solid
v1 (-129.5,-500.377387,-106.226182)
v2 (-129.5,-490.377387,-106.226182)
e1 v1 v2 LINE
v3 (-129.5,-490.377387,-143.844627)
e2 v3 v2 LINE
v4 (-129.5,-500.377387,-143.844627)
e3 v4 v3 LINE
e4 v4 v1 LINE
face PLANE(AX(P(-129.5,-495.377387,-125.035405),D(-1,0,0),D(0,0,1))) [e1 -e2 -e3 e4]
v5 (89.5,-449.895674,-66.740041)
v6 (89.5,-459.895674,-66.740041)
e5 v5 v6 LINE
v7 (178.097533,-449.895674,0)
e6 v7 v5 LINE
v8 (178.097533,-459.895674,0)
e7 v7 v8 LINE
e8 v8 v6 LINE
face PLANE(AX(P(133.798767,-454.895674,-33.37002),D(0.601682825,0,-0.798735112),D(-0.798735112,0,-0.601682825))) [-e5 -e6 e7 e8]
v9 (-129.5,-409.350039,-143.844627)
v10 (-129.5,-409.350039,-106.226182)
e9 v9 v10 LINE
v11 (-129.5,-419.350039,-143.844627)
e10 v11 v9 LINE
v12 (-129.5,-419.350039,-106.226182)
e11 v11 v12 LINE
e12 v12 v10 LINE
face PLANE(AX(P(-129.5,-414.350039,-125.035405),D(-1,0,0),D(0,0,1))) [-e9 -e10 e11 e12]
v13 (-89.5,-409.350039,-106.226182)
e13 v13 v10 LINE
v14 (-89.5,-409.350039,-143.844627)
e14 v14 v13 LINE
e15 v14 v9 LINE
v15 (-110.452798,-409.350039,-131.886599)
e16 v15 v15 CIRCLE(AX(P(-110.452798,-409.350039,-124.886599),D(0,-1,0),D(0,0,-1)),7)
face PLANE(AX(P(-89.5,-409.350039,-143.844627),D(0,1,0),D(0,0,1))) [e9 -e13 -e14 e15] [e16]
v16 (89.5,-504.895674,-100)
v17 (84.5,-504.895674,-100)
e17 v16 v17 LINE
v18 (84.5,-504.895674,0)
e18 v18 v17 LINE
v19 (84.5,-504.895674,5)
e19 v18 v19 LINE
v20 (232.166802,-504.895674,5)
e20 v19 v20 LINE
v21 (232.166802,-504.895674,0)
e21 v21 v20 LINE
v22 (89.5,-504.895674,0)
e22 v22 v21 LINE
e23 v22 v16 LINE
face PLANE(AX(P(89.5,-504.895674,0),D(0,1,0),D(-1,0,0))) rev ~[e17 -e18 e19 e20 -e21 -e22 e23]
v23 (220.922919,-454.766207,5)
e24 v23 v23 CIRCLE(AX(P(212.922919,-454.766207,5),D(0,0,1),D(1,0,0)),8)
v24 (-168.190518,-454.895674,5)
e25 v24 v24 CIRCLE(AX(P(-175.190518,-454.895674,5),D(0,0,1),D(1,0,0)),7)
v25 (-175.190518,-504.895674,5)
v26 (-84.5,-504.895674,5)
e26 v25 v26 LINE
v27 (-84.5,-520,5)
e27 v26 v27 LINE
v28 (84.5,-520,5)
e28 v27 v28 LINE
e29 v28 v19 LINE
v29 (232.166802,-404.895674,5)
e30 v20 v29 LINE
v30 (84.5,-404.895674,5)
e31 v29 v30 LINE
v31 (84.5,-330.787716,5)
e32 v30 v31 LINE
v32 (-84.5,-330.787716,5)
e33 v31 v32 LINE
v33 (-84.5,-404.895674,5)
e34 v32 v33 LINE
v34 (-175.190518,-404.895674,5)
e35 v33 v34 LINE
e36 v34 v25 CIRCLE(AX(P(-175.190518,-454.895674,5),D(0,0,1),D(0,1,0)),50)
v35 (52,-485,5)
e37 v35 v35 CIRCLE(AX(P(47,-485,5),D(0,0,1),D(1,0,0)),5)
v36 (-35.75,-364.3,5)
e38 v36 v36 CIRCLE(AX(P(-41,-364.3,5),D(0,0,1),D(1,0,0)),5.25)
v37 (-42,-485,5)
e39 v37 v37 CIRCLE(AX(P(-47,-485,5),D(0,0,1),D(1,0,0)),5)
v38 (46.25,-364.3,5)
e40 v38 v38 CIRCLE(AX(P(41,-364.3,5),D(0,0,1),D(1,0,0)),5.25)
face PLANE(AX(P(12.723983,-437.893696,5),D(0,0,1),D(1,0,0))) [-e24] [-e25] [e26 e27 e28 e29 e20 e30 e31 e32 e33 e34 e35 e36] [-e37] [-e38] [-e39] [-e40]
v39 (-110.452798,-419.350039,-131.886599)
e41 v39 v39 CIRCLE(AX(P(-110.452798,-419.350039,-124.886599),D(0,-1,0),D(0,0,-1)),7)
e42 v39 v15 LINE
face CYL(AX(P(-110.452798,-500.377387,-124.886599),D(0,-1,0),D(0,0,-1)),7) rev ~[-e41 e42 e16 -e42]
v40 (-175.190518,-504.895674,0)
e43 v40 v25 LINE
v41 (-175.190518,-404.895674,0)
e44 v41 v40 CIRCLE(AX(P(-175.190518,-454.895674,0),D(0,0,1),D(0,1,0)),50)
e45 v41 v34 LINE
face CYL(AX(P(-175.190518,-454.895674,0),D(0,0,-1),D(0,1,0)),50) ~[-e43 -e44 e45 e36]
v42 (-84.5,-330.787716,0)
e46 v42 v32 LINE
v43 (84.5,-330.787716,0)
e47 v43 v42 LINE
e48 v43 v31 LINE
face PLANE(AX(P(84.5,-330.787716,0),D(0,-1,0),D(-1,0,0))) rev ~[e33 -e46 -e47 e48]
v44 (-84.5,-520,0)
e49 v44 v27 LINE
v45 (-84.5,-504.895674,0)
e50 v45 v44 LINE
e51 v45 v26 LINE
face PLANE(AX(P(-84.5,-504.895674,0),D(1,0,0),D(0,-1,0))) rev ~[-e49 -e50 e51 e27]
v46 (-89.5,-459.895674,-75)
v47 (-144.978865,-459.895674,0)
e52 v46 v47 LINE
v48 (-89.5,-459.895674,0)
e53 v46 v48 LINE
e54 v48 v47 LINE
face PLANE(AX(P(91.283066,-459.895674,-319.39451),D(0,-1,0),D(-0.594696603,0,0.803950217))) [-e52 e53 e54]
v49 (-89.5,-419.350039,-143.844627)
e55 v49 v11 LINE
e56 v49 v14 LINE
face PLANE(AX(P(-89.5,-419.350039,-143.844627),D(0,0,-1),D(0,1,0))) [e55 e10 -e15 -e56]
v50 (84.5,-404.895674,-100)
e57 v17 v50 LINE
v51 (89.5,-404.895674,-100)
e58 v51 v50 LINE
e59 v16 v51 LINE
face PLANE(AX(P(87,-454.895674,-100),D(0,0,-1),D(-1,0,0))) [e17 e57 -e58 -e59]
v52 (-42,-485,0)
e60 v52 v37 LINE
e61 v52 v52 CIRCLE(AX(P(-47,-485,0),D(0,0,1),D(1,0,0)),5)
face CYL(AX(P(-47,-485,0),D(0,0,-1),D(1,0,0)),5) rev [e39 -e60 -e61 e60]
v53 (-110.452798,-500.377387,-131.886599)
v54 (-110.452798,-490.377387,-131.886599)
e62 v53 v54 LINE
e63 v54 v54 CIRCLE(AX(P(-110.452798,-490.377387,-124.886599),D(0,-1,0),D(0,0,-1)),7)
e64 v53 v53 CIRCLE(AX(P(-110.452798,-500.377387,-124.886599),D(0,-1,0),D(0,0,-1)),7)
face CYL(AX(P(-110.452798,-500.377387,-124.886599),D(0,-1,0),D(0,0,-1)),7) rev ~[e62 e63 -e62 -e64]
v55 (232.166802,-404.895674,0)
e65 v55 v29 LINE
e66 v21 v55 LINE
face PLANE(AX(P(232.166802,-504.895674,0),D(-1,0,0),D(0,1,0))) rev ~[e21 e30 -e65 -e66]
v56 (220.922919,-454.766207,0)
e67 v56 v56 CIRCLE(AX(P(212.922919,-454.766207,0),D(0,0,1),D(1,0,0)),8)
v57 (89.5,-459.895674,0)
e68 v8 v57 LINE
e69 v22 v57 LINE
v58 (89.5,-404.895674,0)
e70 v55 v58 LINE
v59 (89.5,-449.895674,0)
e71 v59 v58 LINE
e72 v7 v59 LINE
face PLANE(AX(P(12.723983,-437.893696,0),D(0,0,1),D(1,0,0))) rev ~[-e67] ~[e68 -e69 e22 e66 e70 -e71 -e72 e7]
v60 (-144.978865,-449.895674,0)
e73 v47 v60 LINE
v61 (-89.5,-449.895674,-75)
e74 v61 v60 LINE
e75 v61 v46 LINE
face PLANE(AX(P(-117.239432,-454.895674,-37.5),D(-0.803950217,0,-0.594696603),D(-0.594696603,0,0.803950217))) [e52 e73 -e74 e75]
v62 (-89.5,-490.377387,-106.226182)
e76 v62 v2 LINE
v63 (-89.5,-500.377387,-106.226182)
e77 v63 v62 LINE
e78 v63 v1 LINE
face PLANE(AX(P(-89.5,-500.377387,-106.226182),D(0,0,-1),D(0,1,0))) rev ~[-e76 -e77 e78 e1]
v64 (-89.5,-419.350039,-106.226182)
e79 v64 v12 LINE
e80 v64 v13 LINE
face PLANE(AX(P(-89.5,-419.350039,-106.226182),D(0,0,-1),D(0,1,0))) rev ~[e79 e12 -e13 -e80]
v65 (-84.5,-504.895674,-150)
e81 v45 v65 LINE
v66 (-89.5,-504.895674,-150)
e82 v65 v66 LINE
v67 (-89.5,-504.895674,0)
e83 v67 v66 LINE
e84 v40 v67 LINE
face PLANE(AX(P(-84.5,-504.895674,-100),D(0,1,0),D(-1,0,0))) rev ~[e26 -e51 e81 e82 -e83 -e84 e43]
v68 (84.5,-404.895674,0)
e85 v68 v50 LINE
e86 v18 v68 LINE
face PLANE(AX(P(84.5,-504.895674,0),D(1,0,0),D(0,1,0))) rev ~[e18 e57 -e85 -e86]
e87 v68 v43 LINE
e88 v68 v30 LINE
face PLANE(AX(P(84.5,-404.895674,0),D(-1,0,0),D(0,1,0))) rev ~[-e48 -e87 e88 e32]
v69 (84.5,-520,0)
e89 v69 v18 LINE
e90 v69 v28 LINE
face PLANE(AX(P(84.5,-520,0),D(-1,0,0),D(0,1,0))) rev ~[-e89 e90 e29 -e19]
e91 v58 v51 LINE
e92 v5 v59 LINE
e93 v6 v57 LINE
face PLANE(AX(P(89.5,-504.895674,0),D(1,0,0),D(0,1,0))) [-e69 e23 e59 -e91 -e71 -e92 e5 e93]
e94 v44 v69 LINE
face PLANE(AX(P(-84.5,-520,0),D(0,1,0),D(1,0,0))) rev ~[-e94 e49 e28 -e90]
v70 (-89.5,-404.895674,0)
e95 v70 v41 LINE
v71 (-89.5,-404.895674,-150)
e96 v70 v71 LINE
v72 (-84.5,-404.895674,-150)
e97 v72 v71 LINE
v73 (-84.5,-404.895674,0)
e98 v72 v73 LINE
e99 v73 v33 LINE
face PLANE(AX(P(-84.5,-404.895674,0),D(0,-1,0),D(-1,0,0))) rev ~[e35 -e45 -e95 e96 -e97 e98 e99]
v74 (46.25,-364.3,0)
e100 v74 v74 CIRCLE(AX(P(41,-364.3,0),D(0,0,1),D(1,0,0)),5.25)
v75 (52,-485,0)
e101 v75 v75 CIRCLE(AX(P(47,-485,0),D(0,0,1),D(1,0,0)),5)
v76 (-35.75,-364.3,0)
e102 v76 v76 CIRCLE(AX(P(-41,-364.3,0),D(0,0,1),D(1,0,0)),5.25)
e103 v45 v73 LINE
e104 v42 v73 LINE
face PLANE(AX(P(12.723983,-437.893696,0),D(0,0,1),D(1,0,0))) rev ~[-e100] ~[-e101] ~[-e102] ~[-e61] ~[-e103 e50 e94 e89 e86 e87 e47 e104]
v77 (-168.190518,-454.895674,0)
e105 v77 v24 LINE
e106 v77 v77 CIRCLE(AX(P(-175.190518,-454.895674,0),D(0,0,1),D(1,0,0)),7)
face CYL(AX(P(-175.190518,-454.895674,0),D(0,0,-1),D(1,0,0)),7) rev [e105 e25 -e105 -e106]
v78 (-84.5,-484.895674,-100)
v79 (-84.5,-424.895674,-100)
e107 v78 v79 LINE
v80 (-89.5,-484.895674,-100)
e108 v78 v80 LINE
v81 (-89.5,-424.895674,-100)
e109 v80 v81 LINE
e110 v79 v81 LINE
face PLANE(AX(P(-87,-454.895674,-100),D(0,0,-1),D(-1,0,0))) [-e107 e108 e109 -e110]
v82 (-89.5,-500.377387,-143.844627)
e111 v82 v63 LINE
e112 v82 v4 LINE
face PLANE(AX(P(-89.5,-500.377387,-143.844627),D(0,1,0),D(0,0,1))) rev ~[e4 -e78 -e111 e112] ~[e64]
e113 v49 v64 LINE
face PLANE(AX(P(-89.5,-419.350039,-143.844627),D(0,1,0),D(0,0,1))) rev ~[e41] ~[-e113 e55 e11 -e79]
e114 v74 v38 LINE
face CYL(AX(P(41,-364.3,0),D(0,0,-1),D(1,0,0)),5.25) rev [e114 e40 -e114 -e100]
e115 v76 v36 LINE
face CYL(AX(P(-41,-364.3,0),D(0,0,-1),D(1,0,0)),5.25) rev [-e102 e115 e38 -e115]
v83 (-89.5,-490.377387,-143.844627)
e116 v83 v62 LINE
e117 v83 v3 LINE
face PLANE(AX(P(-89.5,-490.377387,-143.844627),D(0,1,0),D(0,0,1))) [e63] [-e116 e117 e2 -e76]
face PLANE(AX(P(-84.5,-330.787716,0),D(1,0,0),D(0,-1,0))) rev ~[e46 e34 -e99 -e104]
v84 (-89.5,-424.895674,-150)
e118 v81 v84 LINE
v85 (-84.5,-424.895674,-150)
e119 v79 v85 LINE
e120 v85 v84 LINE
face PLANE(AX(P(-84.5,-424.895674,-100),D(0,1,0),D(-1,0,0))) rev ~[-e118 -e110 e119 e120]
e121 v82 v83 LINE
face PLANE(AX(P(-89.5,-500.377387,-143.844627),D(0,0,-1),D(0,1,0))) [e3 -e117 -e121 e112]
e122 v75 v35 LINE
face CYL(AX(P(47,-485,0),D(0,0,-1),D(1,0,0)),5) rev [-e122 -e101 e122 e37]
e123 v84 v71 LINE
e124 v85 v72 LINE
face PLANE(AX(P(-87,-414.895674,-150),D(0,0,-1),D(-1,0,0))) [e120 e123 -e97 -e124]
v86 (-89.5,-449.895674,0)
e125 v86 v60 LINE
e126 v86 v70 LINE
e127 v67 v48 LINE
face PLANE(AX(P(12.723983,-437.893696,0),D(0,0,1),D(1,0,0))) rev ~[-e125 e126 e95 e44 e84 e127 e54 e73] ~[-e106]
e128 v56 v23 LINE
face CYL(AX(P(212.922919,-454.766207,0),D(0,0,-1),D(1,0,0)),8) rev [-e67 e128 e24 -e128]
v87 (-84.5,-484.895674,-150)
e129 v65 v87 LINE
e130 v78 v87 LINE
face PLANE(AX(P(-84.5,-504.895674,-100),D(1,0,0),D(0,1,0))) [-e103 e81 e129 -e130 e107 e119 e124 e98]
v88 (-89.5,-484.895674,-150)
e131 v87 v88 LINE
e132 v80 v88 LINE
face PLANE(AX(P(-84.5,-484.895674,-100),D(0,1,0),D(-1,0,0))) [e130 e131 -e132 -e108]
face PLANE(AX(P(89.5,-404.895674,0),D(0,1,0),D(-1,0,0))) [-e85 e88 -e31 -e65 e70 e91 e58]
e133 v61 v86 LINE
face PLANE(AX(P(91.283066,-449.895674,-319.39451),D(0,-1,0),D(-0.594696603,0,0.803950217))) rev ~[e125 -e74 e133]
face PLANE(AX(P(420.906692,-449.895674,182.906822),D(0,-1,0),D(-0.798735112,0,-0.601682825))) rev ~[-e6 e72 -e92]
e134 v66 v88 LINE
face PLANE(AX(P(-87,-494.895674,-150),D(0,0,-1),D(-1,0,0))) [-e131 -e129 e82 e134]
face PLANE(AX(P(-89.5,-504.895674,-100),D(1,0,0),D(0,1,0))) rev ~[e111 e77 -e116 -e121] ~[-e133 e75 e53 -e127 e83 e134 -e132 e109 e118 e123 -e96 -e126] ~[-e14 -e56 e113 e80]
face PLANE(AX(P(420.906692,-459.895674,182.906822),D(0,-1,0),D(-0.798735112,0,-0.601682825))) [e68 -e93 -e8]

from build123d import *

# Parameters (mm, degrees)
CROQUIS1_R              = 7
CROQUIS1_R_2            = 5.25
CROQUIS1_R_3            = 5
CROQUIS1_R_4            = 8
SALIENTE_EXTRUIR1_DEPTH = 5
CROQUIS2_W              = 5
CROQUIS2_H              = 100
SALIENTE_EXTRUIR2_DEPTH = 100
CROQUIS3_W              = 5
CROQUIS3_H              = 20
SALIENTE_EXTRUIR3_DEPTH = 50
CROQUIS4_W              = 37.618444679
CROQUIS4_H              = 10
SALIENTE_EXTRUIR4_DEPTH = 40
CROQUIS5_R              = 7
CORTAR_EXTRUIR1_DEPTH   = 325.287034049
NERVIO1_REACH           = 304.992
CROQUIS6_WALL_W         = 701.273547134
CROQUIS6_WALL_H         = 10
NERVIO2_REACH           = 304.992
CROQUIS7_WALL_W         = 718.906485388
CROQUIS7_WALL_H         = 10


with BuildPart() as part:
    # Croquis1 → Saliente-Extruir1 (new body)
    with BuildSketch(Plane.XY):
        with BuildLine():
            Line((232.166801748, -404.895674081), (84.5, -404.895674081))
            Line((84.5, -404.895674081), (84.5, -330.787715528))
            Line((84.5, -330.787715528), (-84.5, -330.787715528))
            Line((-84.5, -330.787715528), (-84.5, -404.895674081))
            Line((-84.5, -404.895674081), (-175.19051762, -404.895674081))
            ThreePointArc((-175.19051762, -404.895674081), (-225.19051762, -454.895674081), (-175.19051762, -504.895674081))
            Line((-175.19051762, -504.895674081), (-84.5, -504.895674081))
            Line((-84.5, -504.895674081), (-84.5, -520))
            Line((-84.5, -520), (84.5, -520))
            Line((84.5, -520), (84.5, -504.895674081))
            Line((84.5, -504.895674081), (232.166801748, -504.895674081))
            Line((232.166801748, -504.895674081), (232.166801748, -404.895674081))
        make_face()
        with Locations((-175.19051762, -454.895674081)):
            Circle(CROQUIS1_R, mode=Mode.SUBTRACT)
        with Locations((41, -364.3)):
            Circle(CROQUIS1_R_2, mode=Mode.SUBTRACT)
        with Locations((-41, -364.3)):
            Circle(CROQUIS1_R_2, mode=Mode.SUBTRACT)
        with Locations((47, -485)):
            Circle(CROQUIS1_R_3, mode=Mode.SUBTRACT)
        with Locations((-47, -485)):
            Circle(CROQUIS1_R_3, mode=Mode.SUBTRACT)
        with Locations((212.922919346, -454.766206892)):
            Circle(CROQUIS1_R_4, mode=Mode.SUBTRACT)
    extrude(amount=SALIENTE_EXTRUIR1_DEPTH)

    # Croquis2 → Saliente-Extruir2 (add)
    with BuildSketch(Plane(origin=(0, 0, 0), x_dir=(-1, 0, 0), z_dir=(0, 0, -1))):
        with Locations((-87, -454.895674081)):
            Rectangle(CROQUIS2_W, CROQUIS2_H)
        with Locations((87, -454.895674081)):
            Rectangle(CROQUIS2_W, CROQUIS2_H)
    extrude(amount=SALIENTE_EXTRUIR2_DEPTH)

    # Croquis3 → Saliente-Extruir3 (add)
    with BuildSketch(Plane(origin=(0, 0, -100), x_dir=(-1, 0, 0), z_dir=(0, 0, -1))):
        with Locations((87, -494.895674081)):
            Rectangle(CROQUIS3_W, CROQUIS3_H)
        with Locations((87, -414.895674081)):
            Rectangle(CROQUIS3_W, CROQUIS3_H)
    extrude(amount=SALIENTE_EXTRUIR3_DEPTH)

    # Croquis4 → Saliente-Extruir4 (add)
    with BuildSketch(Plane.ZY.offset(89.5)):
        with Locations((-125.035404741, -414.350039231)):
            Rectangle(CROQUIS4_W, CROQUIS4_H)
        with Locations((-125.035404741, -495.377386848)):
            Rectangle(CROQUIS4_W, CROQUIS4_H)
    extrude(amount=SALIENTE_EXTRUIR4_DEPTH)

    # Croquis5 → Cortar-Extruir1 (cut, through all)
    with BuildSketch(Plane.XZ.offset(500.377386848)):
        with Locations(Location((-110.45279813, -124.886599464, 0), (0, 0, 270))):
            Circle(CROQUIS5_R)
    extrude(amount=-CORTAR_EXTRUIR1_DEPTH, mode=Mode.SUBTRACT)

    # Croquis6 wall → Nervio1 (add, up to next)
    with BuildSketch(Plane(origin=(-117.239432288, -454.895674081, -37.5), x_dir=(-0.594696602605, 0, 0.803950216649), z_dir=(-0.803950216649, 0, -0.594696602605)), mode=Mode.PRIVATE) as nervio1_sk1:
        Rectangle(CROQUIS6_WALL_W, CROQUIS6_WALL_H)
    nervio1_tool1 = extrude(nervio1_sk1.sketch, amount=-NERVIO1_REACH, mode=Mode.PRIVATE) - part.part
    add(nervio1_tool1.solids().sort_by_distance((-117.239432288, -454.895674081, -37.5))[0])

    # Croquis7 wall → Nervio2 (add, up to next)
    with BuildSketch(Plane(origin=(133.798766553, -454.895674081, -33.37002042), x_dir=(-0.79873511165, 0, -0.601682824599), z_dir=(0.601682824599, 0, -0.79873511165)), mode=Mode.PRIVATE) as nervio2_sk1:
        Rectangle(CROQUIS7_WALL_W, CROQUIS7_WALL_H)
    nervio2_tool1 = extrude(nervio2_sk1.sketch, amount=-NERVIO2_REACH, mode=Mode.PRIVATE) - part.part
    add(nervio2_tool1.solids().sort_by_distance((133.798766553, -454.895674081, -33.37002042))[0])


solid = part.part
